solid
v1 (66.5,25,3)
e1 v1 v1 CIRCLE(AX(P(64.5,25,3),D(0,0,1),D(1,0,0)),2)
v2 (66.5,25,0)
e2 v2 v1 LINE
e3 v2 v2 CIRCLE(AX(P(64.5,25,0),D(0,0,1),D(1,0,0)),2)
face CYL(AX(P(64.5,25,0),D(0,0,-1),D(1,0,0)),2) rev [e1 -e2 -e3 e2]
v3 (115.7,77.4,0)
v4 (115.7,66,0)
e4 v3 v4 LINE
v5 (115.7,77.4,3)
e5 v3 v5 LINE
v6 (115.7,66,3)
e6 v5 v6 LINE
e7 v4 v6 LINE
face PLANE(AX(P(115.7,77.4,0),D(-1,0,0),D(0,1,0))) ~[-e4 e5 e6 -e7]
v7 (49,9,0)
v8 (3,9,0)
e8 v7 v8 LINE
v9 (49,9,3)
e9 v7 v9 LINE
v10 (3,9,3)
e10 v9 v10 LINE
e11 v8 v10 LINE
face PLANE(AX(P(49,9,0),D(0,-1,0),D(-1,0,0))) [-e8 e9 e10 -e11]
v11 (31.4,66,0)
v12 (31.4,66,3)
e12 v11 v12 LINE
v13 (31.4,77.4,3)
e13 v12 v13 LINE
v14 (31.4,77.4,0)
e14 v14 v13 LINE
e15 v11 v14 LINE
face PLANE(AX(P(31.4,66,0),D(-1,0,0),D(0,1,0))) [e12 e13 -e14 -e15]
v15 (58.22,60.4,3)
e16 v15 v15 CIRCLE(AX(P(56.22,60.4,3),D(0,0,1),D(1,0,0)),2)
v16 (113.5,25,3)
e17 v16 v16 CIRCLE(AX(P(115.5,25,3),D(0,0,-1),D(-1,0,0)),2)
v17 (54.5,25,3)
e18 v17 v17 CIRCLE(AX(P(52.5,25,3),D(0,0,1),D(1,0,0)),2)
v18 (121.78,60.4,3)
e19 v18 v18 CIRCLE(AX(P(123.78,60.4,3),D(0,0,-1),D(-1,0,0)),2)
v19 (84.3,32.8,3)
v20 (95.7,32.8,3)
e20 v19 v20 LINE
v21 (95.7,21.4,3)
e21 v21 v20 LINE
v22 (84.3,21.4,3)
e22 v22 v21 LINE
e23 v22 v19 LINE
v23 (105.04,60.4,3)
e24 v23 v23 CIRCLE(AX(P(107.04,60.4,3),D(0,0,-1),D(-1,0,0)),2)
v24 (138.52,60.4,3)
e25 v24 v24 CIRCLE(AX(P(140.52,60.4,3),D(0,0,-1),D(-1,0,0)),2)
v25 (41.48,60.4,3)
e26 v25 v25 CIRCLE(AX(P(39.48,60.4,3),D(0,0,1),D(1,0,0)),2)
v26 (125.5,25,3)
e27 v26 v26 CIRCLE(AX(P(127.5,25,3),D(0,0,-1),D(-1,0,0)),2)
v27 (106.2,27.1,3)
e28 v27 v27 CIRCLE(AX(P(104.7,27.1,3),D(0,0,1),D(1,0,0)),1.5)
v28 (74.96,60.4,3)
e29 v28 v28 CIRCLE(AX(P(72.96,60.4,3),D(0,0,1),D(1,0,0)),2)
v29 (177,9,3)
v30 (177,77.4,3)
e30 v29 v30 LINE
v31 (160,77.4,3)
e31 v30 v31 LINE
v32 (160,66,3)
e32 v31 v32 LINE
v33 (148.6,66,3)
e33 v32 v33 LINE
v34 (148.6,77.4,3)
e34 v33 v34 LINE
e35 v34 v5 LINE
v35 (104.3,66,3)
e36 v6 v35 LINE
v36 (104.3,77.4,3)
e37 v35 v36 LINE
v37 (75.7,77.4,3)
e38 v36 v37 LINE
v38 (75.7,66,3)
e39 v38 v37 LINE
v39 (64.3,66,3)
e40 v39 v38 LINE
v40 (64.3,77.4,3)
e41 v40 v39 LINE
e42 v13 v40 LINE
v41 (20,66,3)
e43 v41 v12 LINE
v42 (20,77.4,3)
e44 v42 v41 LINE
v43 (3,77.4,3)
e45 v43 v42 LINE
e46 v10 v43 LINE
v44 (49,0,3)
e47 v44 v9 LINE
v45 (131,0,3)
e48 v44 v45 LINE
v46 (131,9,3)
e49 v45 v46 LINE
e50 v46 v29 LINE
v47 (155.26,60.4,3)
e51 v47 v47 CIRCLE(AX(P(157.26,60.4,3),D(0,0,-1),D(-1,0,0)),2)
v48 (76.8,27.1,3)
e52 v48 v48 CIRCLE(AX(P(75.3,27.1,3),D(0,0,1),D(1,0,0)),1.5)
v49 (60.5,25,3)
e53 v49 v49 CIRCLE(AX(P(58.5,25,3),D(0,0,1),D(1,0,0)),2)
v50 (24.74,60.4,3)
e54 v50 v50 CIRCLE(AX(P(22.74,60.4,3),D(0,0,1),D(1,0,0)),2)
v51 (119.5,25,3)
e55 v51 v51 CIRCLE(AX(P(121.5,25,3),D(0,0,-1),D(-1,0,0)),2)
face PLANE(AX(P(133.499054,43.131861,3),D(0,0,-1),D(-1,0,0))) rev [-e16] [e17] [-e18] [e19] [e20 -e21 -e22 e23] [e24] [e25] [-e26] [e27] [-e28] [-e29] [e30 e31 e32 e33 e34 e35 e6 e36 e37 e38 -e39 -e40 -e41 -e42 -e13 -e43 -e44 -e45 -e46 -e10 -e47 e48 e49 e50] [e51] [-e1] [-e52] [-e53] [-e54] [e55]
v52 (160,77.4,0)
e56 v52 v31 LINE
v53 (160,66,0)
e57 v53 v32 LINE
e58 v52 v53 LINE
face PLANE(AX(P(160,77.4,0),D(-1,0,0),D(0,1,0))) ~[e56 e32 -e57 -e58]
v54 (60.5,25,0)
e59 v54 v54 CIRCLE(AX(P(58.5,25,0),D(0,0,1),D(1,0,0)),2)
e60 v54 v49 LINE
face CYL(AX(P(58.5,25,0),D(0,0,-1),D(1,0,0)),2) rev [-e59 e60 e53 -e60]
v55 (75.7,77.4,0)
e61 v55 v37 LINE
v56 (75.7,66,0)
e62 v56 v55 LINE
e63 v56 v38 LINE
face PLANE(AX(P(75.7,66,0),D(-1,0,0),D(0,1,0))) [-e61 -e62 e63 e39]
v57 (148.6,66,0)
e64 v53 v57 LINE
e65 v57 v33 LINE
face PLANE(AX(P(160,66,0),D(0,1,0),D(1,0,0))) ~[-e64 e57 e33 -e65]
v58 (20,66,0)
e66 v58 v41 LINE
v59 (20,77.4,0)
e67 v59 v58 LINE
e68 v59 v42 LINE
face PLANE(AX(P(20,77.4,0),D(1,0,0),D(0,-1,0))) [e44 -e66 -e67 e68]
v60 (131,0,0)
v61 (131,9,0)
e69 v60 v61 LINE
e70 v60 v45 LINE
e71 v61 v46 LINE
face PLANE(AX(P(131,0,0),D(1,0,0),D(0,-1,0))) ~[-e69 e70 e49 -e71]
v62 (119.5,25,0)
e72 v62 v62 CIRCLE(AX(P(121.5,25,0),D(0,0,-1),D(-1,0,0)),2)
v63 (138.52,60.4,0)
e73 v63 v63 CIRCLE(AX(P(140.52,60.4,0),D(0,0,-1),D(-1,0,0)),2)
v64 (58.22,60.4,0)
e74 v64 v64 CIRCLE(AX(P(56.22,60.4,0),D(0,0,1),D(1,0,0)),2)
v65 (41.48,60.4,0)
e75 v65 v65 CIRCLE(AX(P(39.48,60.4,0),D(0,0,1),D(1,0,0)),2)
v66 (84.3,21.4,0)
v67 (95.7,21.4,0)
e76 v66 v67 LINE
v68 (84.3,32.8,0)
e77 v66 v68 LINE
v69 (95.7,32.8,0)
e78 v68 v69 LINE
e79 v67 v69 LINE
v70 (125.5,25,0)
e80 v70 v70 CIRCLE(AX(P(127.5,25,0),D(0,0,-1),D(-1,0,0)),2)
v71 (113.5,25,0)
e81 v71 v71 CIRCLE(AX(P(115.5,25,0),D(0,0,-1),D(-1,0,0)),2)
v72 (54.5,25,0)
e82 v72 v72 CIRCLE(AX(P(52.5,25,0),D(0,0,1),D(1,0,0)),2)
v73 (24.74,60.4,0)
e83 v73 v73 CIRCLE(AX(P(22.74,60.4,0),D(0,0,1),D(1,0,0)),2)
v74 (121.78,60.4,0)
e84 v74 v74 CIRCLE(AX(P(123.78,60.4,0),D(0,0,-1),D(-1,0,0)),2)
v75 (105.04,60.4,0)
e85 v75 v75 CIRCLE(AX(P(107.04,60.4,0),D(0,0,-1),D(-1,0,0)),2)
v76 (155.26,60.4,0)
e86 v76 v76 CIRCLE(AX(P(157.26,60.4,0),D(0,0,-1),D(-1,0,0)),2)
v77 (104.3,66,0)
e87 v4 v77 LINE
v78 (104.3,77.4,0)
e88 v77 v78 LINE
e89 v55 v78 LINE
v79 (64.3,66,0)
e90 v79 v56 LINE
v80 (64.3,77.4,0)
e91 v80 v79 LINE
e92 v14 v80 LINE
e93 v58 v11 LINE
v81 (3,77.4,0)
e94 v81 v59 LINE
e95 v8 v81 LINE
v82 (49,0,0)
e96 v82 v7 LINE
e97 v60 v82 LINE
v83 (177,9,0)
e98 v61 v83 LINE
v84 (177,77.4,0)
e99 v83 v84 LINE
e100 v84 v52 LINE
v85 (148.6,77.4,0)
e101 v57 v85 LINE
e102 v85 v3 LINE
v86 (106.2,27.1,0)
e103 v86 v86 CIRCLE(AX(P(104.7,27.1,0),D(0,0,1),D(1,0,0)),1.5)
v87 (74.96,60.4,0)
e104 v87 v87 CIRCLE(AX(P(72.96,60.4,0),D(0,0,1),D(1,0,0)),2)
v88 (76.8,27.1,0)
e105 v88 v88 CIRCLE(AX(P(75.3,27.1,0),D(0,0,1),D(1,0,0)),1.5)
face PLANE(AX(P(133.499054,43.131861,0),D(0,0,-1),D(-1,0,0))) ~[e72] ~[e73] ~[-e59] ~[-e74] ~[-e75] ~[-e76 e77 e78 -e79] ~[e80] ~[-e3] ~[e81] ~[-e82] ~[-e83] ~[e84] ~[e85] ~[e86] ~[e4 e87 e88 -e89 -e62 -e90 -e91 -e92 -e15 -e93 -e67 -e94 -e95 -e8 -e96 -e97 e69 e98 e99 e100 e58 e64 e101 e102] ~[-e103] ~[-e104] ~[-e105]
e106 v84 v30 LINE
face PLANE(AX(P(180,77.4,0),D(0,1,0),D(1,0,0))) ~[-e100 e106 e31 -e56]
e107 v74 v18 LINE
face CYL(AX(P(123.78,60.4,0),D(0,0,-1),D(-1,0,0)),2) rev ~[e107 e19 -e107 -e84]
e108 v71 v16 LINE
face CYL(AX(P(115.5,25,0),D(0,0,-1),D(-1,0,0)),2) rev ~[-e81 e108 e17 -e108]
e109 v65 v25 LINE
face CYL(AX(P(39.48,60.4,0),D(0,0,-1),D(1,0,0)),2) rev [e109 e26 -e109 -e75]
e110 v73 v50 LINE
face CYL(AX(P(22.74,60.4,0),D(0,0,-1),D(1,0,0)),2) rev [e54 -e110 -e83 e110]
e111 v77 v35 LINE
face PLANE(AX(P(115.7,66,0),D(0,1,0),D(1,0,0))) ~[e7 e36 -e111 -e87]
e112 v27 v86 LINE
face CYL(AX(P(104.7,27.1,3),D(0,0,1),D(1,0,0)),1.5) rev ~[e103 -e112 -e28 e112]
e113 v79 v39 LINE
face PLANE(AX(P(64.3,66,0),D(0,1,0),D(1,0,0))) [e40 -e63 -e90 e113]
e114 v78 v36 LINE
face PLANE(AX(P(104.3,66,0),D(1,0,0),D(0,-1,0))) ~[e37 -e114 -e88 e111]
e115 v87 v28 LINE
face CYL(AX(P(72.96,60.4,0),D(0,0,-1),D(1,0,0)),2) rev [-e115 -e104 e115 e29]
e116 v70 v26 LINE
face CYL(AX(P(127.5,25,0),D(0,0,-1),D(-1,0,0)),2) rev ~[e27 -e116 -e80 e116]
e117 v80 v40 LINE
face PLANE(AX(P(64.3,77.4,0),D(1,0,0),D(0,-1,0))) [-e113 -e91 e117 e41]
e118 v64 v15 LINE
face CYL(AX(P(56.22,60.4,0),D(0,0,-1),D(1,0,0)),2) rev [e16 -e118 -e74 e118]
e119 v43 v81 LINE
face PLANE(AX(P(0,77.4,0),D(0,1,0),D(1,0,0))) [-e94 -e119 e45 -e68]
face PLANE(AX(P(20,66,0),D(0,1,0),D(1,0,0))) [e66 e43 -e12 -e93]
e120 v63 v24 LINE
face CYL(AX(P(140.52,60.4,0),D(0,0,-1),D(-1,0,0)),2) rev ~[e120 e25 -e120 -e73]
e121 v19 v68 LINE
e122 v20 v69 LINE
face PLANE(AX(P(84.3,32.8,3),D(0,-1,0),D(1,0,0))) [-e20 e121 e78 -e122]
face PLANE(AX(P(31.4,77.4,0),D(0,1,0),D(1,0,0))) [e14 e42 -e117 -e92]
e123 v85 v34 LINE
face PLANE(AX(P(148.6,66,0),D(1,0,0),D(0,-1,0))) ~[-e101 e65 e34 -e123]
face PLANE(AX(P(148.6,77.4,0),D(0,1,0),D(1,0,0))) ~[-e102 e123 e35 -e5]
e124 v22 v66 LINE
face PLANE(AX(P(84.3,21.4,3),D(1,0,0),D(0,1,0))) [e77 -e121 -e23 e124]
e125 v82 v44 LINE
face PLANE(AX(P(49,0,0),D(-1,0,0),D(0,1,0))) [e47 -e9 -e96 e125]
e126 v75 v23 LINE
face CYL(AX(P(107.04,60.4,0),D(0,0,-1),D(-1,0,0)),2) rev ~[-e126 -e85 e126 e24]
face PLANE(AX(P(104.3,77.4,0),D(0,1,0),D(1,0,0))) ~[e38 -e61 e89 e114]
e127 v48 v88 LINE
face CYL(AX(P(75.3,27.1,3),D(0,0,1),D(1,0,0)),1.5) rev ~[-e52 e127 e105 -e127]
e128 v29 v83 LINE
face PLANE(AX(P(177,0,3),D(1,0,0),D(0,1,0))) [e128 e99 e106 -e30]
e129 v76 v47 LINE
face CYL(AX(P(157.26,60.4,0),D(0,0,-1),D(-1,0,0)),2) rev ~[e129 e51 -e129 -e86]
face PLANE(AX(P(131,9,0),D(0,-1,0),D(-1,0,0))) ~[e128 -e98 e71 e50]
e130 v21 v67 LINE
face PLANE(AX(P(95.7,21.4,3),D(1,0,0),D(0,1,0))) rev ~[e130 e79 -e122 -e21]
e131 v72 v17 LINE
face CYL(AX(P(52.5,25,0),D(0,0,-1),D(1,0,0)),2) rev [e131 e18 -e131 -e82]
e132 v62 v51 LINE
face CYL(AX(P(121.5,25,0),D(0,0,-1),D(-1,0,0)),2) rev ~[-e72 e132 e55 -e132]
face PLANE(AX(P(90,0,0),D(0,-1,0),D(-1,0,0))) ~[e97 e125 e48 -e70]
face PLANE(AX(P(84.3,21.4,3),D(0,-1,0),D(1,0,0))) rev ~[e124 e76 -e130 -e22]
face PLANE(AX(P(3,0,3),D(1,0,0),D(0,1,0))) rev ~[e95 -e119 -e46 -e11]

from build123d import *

# Parameters (mm, degrees)
SKETCH_R      = 2
PAD_DEPTH     = 3
SKETCH001_R   = 1.5
SKETCH001_W   = 3
SKETCH001_H   = 90.076996
SKETCH001_H_2 = 90.92247
SKETCH001_W_2 = 11.4
SKETCH001_H_3 = 11.4
POCKET_DEPTH  = 3.001


with BuildPart() as part:
    # Sketch → Pad (new body)
    with BuildSketch(Plane.XY):
        Polygon((0, 77.4), (20, 77.4), (20, 66), (31.4, 66), (31.4, 77.4), (64.3, 77.4), (64.3, 66), (75.7, 66), (75.7, 77.4), (90, 77.4), (90, 0), (49, 0), (49, 9), (0, 9), align=None)
        with Locations((52.5, 25)):
            Circle(SKETCH_R, mode=Mode.SUBTRACT)
        with Locations((58.5, 25)):
            Circle(SKETCH_R, mode=Mode.SUBTRACT)
        with Locations((64.5, 25)):
            Circle(SKETCH_R, mode=Mode.SUBTRACT)
        with Locations((22.74, 60.4)):
            Circle(SKETCH_R, mode=Mode.SUBTRACT)
        with Locations((39.48, 60.4)):
            Circle(SKETCH_R, mode=Mode.SUBTRACT)
        with Locations((56.22, 60.4)):
            Circle(SKETCH_R, mode=Mode.SUBTRACT)
        with Locations((72.96, 60.4)):
            Circle(SKETCH_R, mode=Mode.SUBTRACT)
    pad = extrude(amount=PAD_DEPTH)

    # Mirrored: Pad across face of Pad
    add(pad.mirror(Plane(origin=(90, 38.7, 1.5), x_dir=(0, 1, 0), z_dir=(1, 0, 0))))

    # Sketch001 → Pocket (cut, through all)
    with BuildSketch(Plane.XY.offset(3)):
        with Locations((104.7, 27.1)):
            Circle(SKETCH001_R)
        with Locations((75.3, 27.1)):
            Circle(SKETCH001_R)
        with Locations((1.5, 45.038498)):
            Rectangle(SKETCH001_W, SKETCH001_H)
        with Locations((178.5, 45.461235)):
            Rectangle(SKETCH001_W, SKETCH001_H_2)
        with Locations((90, 27.1)):
            Rectangle(SKETCH001_W_2, SKETCH001_H_3)
    extrude(amount=-POCKET_DEPTH, mode=Mode.SUBTRACT)


solid = part.part
